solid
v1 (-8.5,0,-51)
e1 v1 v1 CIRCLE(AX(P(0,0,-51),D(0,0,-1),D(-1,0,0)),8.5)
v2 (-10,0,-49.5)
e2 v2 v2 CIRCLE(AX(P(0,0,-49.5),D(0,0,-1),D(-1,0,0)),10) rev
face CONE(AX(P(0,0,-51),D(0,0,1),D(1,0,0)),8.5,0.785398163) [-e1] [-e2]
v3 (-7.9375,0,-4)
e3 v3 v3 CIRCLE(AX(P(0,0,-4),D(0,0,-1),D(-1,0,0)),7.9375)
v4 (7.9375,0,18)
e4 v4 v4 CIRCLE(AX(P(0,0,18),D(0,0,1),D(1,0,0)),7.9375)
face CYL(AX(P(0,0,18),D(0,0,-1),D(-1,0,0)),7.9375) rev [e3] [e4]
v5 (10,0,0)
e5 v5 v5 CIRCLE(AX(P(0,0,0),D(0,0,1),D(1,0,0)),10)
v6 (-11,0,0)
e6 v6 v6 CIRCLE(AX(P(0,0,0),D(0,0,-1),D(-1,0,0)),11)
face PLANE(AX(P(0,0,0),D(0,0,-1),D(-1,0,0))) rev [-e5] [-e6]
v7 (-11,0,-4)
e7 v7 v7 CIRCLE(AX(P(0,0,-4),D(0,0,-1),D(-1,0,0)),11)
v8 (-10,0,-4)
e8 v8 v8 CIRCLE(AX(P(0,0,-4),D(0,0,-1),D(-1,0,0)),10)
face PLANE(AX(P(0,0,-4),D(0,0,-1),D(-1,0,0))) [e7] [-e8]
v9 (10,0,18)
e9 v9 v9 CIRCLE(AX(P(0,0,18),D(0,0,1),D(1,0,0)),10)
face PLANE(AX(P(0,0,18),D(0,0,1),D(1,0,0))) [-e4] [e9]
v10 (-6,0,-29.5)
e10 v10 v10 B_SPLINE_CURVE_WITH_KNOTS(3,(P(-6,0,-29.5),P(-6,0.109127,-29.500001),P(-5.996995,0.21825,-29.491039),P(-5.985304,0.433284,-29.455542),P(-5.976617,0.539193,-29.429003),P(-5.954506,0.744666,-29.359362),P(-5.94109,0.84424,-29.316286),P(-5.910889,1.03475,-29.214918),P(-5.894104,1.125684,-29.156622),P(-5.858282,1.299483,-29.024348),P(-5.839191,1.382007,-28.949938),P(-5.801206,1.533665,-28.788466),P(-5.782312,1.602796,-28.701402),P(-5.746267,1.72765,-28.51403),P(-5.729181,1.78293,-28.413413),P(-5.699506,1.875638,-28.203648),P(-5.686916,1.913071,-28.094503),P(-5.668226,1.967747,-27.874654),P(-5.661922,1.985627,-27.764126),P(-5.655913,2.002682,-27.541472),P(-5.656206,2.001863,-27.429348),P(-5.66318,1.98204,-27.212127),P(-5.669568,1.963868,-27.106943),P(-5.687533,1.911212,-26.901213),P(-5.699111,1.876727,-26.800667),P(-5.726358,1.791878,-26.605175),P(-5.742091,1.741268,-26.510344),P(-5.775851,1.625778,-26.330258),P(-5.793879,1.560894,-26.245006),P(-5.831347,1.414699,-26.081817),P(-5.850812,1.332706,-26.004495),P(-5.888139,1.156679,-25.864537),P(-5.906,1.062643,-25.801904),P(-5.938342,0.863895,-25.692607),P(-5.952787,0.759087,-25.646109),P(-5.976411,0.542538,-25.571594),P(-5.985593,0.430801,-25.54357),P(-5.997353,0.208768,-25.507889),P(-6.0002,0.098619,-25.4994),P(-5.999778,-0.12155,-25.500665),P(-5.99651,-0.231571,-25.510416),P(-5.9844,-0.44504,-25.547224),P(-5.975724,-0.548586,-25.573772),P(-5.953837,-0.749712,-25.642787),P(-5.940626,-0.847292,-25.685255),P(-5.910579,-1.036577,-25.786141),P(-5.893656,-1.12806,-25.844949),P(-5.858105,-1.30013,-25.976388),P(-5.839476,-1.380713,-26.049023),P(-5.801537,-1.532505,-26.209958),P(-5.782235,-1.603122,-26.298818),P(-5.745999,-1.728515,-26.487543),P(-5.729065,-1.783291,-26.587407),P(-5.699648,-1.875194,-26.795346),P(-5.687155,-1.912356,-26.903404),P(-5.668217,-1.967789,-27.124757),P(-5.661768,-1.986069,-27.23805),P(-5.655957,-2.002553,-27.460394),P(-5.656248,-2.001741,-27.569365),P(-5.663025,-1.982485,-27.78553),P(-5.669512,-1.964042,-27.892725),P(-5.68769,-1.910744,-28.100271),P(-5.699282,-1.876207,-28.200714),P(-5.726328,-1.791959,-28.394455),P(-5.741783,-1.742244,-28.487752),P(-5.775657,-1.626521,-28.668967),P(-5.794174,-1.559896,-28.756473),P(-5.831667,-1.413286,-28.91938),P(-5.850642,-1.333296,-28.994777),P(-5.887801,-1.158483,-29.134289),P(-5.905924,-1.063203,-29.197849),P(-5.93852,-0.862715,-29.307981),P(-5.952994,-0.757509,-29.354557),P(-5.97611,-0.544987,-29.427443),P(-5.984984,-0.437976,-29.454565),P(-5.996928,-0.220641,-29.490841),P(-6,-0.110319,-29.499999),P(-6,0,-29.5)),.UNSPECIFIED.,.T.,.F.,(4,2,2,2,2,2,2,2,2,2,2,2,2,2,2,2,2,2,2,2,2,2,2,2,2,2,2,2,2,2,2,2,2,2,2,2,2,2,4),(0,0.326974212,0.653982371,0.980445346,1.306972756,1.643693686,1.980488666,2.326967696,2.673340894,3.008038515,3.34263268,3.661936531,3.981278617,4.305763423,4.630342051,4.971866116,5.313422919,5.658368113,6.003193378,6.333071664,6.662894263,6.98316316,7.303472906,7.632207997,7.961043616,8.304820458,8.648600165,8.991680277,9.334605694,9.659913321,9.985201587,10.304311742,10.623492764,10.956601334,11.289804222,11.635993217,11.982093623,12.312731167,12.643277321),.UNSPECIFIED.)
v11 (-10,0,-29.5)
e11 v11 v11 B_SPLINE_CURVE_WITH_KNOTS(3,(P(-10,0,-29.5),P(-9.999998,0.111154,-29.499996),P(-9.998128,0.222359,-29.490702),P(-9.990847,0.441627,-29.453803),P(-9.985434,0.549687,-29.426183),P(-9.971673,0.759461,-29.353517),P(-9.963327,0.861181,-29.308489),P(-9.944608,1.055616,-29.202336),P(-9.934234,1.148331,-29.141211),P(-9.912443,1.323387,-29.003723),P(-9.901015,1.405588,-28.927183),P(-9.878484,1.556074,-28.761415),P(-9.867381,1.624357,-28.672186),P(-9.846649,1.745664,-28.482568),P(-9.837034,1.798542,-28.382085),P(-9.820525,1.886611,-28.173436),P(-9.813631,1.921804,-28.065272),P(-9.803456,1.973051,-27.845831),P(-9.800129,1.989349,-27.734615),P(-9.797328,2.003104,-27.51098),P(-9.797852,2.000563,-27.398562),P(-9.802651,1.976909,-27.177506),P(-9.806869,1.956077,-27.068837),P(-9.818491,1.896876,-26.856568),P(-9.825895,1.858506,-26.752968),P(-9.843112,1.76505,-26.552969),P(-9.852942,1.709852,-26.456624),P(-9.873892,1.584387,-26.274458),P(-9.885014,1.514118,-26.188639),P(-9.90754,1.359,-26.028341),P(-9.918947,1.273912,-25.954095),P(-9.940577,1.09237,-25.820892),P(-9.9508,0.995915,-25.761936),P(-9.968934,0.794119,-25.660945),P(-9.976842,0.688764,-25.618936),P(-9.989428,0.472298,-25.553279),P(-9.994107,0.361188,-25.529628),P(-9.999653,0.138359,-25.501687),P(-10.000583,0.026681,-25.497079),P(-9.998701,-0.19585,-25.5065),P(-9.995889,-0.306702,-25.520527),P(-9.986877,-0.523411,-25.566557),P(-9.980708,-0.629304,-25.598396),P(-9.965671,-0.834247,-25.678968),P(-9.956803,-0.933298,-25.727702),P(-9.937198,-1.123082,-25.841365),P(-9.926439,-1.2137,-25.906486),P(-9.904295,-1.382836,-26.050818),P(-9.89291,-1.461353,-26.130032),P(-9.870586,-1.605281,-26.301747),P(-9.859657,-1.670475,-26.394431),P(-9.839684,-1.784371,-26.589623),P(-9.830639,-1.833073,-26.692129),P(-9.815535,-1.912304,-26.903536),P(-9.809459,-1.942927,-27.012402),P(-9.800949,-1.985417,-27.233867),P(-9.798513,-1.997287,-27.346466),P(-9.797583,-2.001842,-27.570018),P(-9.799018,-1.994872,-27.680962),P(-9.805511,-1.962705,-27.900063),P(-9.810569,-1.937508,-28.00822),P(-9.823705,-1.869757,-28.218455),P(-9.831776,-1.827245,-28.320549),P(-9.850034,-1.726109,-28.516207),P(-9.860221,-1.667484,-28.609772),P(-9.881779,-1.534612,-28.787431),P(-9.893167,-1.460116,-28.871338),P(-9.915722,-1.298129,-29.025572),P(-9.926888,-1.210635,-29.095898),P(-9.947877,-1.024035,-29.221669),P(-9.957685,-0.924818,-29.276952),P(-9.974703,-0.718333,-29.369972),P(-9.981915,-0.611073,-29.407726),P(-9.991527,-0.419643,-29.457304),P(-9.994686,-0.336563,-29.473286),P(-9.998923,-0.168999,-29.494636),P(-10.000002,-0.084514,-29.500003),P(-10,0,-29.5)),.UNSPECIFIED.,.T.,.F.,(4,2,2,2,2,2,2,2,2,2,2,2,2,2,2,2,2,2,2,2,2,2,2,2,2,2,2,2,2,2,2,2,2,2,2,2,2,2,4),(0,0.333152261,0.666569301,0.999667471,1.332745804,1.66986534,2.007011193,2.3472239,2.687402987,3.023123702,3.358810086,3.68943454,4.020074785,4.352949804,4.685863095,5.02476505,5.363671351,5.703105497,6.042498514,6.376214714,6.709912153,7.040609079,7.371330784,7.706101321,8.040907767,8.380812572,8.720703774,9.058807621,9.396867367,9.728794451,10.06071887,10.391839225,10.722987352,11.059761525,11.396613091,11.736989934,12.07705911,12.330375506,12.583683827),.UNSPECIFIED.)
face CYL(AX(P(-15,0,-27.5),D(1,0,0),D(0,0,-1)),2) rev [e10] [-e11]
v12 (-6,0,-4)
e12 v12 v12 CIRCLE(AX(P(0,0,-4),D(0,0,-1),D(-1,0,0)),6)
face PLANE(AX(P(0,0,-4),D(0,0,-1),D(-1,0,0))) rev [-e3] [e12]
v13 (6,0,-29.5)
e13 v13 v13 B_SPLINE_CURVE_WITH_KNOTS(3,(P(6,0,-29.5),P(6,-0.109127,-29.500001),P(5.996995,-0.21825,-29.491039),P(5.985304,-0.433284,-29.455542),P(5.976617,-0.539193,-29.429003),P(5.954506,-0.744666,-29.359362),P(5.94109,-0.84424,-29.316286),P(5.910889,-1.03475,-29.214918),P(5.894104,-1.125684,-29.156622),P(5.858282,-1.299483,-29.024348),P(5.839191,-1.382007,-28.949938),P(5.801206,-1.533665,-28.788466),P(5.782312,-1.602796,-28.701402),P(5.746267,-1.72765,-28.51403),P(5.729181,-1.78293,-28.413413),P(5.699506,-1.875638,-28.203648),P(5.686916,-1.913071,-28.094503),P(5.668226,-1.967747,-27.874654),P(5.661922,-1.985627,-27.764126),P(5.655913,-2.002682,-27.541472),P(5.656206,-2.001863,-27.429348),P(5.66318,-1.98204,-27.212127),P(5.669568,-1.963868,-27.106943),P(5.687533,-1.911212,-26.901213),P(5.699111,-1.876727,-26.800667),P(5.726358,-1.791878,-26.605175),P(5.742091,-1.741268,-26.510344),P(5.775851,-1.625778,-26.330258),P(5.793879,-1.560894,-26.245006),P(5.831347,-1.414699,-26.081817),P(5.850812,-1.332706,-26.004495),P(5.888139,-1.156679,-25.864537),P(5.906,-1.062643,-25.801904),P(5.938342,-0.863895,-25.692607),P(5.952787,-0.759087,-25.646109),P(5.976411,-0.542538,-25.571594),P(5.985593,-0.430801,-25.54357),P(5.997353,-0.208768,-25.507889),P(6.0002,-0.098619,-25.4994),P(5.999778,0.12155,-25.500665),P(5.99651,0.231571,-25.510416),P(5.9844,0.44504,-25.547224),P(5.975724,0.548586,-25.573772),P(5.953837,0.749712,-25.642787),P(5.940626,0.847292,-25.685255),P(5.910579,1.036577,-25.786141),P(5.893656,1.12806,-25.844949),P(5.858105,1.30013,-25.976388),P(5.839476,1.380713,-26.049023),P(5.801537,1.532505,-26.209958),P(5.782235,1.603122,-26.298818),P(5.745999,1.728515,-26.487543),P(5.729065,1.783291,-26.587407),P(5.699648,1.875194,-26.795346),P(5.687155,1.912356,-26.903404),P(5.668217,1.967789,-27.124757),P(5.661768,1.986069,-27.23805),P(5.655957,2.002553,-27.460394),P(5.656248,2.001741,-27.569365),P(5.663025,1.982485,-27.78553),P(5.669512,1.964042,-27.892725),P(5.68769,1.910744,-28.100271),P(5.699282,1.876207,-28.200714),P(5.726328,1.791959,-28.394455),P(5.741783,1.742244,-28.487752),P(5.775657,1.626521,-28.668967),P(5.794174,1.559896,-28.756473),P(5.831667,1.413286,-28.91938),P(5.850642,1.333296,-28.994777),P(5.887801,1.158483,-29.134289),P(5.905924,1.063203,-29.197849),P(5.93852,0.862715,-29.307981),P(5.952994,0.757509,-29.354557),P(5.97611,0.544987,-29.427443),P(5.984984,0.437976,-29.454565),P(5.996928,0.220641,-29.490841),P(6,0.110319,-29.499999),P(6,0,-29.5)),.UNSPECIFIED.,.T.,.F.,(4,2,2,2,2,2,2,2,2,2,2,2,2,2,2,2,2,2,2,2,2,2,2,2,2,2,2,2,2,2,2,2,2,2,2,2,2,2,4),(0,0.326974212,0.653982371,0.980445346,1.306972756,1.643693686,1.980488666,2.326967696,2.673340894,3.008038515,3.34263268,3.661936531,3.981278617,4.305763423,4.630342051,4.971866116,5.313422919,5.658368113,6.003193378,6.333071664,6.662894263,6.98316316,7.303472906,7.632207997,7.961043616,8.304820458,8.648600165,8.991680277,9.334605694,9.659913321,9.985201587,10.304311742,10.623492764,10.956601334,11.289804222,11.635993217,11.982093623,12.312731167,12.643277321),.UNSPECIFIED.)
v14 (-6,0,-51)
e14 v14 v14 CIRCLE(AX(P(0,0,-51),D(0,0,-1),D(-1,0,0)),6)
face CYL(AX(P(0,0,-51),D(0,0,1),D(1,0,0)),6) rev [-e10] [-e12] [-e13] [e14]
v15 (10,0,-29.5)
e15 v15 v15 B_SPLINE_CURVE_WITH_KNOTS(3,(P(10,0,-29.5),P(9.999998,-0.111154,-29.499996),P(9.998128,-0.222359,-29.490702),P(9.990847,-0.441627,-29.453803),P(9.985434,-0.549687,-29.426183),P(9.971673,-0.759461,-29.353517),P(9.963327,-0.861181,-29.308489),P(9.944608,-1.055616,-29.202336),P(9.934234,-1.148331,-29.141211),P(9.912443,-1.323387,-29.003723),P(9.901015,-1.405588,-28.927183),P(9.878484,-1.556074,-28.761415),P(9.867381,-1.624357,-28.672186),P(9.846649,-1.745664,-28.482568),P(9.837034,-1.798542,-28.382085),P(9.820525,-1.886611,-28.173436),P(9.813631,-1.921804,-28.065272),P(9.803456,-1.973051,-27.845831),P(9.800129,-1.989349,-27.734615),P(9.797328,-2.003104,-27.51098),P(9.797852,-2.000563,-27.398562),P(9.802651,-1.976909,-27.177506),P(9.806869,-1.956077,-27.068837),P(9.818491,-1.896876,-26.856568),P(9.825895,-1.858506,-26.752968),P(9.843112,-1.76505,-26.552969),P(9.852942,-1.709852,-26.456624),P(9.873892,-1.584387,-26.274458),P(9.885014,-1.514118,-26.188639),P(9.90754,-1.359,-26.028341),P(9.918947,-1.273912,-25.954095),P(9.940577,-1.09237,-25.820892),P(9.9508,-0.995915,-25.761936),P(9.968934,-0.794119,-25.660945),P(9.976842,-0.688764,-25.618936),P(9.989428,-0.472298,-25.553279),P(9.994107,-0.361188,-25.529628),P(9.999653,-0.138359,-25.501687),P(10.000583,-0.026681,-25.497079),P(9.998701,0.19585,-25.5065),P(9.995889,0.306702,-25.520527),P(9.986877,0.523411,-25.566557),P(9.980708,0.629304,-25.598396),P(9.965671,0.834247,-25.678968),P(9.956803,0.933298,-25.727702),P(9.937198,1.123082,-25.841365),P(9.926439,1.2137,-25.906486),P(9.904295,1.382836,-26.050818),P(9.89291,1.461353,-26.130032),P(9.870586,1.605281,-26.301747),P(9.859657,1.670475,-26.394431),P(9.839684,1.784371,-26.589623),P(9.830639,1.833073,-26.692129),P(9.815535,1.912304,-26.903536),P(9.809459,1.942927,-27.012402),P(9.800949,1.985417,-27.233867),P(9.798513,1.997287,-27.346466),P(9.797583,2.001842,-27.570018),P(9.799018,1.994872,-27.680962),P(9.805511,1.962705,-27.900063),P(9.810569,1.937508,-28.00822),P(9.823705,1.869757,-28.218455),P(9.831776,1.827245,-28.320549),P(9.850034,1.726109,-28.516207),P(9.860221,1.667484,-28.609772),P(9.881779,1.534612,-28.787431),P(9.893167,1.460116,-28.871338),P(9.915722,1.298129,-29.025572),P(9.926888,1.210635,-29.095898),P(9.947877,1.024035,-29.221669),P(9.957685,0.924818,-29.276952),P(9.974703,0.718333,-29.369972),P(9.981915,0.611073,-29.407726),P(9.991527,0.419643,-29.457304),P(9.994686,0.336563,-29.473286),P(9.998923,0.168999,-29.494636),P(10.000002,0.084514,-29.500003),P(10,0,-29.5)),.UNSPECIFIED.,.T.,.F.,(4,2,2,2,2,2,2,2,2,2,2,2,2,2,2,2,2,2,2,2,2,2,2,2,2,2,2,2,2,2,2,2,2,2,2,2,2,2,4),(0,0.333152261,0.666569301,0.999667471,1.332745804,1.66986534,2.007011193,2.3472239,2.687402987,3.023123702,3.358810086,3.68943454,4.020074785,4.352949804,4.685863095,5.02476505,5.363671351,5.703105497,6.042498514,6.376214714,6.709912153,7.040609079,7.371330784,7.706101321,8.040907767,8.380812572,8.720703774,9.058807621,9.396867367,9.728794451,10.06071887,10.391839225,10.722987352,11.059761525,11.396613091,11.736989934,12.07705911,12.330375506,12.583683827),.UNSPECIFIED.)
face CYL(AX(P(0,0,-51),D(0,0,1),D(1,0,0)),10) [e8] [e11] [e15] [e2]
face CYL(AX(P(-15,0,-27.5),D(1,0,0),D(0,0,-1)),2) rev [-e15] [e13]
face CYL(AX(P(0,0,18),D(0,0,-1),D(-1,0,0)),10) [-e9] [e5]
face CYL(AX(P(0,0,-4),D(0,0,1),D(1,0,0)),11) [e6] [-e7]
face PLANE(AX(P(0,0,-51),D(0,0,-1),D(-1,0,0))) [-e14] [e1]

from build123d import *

# Parameters (mm, degrees)
SZKIC1_R                    = 10
SZKIC1_R_2                  = 7.9375
DODANIE_WYCI_GNI_CIE1_DEPTH = 18
SZKIC2_R                    = 11
SZKIC2_R_2                  = 7.9375
DODANIE_WYCI_GNI_CIE2_DEPTH = 4
SZKIC3_R                    = 10
SZKIC3_R_2                  = 6
DODANIE_WYCI_GNI_CIE3_DEPTH = 47
SFAZOWANIE1_SIZE            = 1.5
SZKIC6_R                    = 2
WYTNIJ_WYCI_GNI_CIE1_DEPTH  = 15


with BuildPart() as part:
    # Szkic1 → Dodanie-wyciągnięcie1 (new body)
    with BuildSketch(Plane.XY):
        Circle(SZKIC1_R)
        Circle(SZKIC1_R_2, mode=Mode.SUBTRACT)
    extrude(amount=DODANIE_WYCI_GNI_CIE1_DEPTH)

    # Szkic2 → Dodanie-wyciągnięcie2 (add)
    with BuildSketch(Plane(origin=(0, 0, 0), x_dir=(-1, 0, 0), z_dir=(0, 0, -1))):
        Circle(SZKIC2_R)
        Circle(SZKIC2_R_2, mode=Mode.SUBTRACT)
    extrude(amount=DODANIE_WYCI_GNI_CIE2_DEPTH)

    # Szkic3 → Dodanie-wyciągnięcie3 (add)
    with BuildSketch(Plane(origin=(0, 0, -4), x_dir=(-1, 0, 0), z_dir=(0, 0, -1))):
        Circle(SZKIC3_R)
        Circle(SZKIC3_R_2, mode=Mode.SUBTRACT)
    extrude(amount=DODANIE_WYCI_GNI_CIE3_DEPTH)

    # Sfazowanie1
    sfazowanie1_edges = [part.edges().sort_by_distance(p)[0] for p in [
        (10, 0, -51),
    ]]
    chamfer(sfazowanie1_edges, length=SFAZOWANIE1_SIZE)

    # Szkic6 → Wytnij-wyciągnięcie1 (cut, symmetric)
    with BuildSketch(Plane(origin=(0, 0, 0), x_dir=(0, 0, -1), z_dir=(1, 0, 0))):
        with Locations((27.5, 0)):
            Circle(SZKIC6_R)
    extrude(amount=WYTNIJ_WYCI_GNI_CIE1_DEPTH, both=True, mode=Mode.SUBTRACT)


solid = part.part
